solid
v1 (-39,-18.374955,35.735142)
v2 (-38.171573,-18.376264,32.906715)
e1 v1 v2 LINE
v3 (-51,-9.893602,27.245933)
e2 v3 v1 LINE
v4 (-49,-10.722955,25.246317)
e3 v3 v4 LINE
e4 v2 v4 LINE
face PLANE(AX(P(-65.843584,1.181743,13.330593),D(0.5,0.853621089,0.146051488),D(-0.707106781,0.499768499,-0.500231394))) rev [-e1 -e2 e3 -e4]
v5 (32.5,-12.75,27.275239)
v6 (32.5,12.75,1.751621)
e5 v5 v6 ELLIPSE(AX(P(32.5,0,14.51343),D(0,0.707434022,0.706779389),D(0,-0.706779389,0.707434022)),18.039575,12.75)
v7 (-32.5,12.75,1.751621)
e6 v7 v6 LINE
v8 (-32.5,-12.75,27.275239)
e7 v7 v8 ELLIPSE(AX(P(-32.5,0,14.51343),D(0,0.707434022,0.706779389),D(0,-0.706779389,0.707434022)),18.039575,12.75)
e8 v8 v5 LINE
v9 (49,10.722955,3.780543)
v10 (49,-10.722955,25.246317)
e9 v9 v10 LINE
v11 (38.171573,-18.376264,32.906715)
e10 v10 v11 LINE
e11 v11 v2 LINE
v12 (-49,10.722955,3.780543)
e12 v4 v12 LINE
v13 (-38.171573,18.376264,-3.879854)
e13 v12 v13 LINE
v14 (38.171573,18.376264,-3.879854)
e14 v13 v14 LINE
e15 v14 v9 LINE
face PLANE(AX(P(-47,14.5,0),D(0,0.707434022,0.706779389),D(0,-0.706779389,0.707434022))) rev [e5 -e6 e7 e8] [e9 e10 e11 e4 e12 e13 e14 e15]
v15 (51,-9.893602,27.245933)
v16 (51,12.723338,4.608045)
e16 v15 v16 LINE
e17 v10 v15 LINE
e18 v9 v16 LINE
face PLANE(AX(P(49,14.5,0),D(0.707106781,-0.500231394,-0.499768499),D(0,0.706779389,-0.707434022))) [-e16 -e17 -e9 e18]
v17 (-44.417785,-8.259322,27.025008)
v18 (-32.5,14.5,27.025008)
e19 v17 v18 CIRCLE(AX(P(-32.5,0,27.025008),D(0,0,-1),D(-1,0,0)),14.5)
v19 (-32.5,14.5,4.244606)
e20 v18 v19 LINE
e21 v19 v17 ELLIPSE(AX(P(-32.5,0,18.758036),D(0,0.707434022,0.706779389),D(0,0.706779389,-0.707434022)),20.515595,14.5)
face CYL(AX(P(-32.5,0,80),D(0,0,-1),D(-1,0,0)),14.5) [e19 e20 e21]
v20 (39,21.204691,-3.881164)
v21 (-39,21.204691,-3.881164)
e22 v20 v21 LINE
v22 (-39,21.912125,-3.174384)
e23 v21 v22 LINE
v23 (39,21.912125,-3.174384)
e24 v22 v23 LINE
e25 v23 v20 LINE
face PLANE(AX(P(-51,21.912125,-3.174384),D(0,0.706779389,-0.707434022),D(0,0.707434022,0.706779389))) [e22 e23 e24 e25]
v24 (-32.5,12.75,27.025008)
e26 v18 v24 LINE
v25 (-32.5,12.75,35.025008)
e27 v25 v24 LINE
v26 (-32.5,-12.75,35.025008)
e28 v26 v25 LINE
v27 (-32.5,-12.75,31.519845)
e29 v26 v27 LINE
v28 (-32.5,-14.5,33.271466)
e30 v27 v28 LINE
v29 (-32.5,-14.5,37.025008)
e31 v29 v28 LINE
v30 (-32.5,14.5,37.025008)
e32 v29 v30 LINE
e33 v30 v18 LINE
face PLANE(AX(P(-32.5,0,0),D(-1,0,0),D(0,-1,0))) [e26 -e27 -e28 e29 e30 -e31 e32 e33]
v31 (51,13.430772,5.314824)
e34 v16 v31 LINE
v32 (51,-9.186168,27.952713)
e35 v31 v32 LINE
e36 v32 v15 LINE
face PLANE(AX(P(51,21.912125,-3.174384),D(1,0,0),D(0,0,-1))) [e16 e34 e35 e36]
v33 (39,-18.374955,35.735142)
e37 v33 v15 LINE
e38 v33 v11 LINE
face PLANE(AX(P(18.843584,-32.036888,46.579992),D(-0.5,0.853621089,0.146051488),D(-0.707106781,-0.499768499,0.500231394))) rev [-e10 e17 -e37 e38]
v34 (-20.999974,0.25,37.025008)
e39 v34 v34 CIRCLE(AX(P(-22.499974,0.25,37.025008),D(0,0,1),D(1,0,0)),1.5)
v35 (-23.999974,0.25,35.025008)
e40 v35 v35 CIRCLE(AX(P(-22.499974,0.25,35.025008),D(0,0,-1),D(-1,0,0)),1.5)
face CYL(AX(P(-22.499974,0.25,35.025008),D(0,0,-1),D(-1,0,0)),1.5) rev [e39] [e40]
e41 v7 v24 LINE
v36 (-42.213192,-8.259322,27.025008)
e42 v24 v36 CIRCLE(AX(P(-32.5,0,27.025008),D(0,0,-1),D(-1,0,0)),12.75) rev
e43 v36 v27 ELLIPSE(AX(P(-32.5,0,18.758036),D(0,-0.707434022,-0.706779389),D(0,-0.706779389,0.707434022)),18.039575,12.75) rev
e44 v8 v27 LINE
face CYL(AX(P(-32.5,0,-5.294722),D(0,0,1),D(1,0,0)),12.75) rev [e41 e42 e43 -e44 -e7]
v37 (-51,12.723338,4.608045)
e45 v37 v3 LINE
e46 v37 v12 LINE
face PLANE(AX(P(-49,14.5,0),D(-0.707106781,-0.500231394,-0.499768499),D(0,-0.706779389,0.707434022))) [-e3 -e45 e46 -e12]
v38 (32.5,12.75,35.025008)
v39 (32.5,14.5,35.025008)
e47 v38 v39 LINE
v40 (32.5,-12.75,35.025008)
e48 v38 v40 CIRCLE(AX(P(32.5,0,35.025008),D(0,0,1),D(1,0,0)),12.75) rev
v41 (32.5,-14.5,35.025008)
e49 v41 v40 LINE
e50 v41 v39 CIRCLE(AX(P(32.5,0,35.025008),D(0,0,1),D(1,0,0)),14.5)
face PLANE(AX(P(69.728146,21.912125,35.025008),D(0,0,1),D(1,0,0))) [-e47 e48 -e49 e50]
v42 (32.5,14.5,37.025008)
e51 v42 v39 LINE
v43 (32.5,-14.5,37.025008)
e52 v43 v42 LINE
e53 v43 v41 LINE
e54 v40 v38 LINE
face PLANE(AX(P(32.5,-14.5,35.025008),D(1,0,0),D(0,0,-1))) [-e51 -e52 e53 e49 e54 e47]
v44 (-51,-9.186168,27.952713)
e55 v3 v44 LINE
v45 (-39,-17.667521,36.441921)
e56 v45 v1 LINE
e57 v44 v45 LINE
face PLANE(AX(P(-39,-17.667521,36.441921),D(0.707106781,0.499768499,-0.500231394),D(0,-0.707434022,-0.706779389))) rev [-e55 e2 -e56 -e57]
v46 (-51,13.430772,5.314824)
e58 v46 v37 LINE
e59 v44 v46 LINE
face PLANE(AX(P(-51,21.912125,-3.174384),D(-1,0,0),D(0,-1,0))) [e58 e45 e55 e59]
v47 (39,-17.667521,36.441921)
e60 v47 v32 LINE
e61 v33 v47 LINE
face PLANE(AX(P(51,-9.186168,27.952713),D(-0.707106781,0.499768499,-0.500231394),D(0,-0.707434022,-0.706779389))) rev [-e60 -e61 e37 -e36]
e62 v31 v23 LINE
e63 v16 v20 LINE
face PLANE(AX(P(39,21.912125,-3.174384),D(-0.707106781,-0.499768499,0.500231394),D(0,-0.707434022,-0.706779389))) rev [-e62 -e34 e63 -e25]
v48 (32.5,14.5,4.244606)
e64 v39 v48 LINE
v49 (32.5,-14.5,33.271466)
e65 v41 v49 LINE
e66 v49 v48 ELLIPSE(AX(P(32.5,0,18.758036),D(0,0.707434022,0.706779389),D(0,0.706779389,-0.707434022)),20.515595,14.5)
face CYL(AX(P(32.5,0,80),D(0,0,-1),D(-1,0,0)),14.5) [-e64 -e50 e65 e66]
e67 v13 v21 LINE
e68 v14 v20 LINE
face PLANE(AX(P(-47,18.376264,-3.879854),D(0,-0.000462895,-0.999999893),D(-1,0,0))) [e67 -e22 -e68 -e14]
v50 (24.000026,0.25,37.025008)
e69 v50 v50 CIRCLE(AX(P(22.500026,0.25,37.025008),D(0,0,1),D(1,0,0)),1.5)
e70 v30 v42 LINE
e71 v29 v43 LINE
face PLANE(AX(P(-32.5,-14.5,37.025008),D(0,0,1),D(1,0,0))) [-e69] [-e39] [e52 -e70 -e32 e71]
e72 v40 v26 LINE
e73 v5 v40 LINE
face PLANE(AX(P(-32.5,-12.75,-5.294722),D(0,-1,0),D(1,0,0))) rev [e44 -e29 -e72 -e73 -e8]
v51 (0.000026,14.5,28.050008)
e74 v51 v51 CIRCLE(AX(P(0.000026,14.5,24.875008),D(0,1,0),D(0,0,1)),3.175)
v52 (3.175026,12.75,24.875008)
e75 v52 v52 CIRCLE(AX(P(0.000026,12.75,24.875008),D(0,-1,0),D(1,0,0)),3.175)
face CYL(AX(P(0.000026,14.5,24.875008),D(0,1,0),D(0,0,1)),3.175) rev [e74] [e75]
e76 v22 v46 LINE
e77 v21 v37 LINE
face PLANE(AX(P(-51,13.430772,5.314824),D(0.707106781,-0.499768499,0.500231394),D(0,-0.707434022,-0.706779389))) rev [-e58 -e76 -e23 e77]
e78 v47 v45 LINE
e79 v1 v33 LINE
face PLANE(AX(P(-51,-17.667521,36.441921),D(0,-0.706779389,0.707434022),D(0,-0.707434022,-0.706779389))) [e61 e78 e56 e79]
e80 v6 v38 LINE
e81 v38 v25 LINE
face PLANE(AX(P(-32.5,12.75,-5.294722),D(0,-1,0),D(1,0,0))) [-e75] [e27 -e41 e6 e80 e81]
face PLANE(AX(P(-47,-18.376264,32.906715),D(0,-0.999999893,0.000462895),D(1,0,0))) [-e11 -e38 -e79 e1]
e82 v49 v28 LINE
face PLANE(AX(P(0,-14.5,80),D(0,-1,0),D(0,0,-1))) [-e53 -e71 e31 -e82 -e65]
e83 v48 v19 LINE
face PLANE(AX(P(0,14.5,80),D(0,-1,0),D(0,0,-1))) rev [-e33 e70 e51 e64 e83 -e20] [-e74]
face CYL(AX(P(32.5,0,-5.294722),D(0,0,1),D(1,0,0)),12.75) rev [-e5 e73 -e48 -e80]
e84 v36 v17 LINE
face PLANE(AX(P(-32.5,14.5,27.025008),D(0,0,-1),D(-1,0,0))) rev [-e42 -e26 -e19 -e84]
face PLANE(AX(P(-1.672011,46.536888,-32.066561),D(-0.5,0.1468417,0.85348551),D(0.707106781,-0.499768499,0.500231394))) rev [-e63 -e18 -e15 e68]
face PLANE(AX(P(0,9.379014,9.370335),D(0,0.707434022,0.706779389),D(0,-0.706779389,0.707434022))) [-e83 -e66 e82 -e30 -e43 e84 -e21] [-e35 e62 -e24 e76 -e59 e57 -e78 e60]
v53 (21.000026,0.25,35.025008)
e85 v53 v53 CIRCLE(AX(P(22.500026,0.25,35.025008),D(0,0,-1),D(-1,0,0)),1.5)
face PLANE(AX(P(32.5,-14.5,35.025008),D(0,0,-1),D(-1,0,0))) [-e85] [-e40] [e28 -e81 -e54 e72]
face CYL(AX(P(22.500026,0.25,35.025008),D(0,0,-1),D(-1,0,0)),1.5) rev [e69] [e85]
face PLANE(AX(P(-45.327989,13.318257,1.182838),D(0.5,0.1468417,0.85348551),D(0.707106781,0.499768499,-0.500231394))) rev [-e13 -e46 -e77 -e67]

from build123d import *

# Parameters (mm, degrees)
BOSS_EXTRUDE12_DEPTH            = 80
CUT_EXTRUDE10_DEPTH             = 80.5
CUT_EXTRUDE10_DEPTH_BACK        = 15.5
SKETCH37_W                      = 102
SKETCH37_H                      = 56
BOSS_EXTRUDE16_DEPTH            = 3
CUT_EXTRUDE11_DEPTH             = 86.294722428
SKETCH40_W                      = 127.486838651
SKETCH40_H                      = 54.833163407
CUT_EXTRUDE12_DEPTH             = 35.662124955
CUT_EXTRUDE12_DEPTH_BACK        = 1.75
CUT_EXTRUDE14_DEPTH             = 18.5
F_1_4_0_25_DIAMETER_HOLE1_D     = 6.35
F_1_4_0_25_DIAMETER_HOLE1_DEPTH = 5
F_1_4_0_25_DIAMETER_HOLE1_TIP   = 1.907732465
CHAMFER2_SIZE                   = 12
CHAMFER3_SIZE                   = 2
BOSS_EXTRUDE17_START            = -29
SKETCH50_W                      = 65
SKETCH50_H                      = 2
BOSS_EXTRUDE17_DEPTH            = 29
F_3_0MM_DOWEL_HOLE1_D           = 3
F_3_0MM_DOWEL_HOLE1_DEPTH       = 2


with BuildPart() as part:
    # Sketch22 → Boss-Extrude12 (new body)
    with BuildSketch(Plane.XY):
        with BuildLine():
            Line((32.5, -14.5), (-32.5, -14.5))
            ThreePointArc((-32.5, -14.5), (-47, 0), (-32.5, 14.5))
            Line((-32.5, 14.5), (32.5, 14.5))
            ThreePointArc((32.5, 14.5), (47, 0), (32.5, -14.5))
        make_face()
    extrude(amount=BOSS_EXTRUDE12_DEPTH)

    # Sketch35 → Cut-Extrude10 (cut, two sides)
    with BuildSketch(Plane(origin=(-32.5, 0, 0), x_dir=(0, 0, -1), z_dir=(1, 0, 0))) as cut_extrude10_sk:
        Polygon((0, 14.5), (-29.026860374, -14.5), (0, -14.5), align=None)
    extrude(amount=CUT_EXTRUDE10_DEPTH, mode=Mode.SUBTRACT)
    extrude(cut_extrude10_sk.sketch, amount=-CUT_EXTRUDE10_DEPTH_BACK, mode=Mode.SUBTRACT)

    # Sketch37 → Boss-Extrude16 (add)
    with BuildSketch(Plane(origin=(0, 7.256711984, 7.249996893), x_dir=(-1, 0, 0), z_dir=(0, -0.707434022, -0.706779389))):
        with Locations((0, -10.26729429)):
            Rectangle(SKETCH37_W, SKETCH37_H)
    extrude(amount=-BOSS_EXTRUDE16_DEPTH)

    # Sketch38 → Cut-Extrude11 (cut, through all)
    with BuildSketch(Plane.XY.offset(80)):
        with BuildLine():
            Line((-32.5, 12.75), (32.5, 12.75))
            ThreePointArc((32.5, 12.75), (45.25, 0), (32.5, -12.75))
            Line((32.5, -12.75), (-32.5, -12.75))
            ThreePointArc((-32.5, -12.75), (-45.25, 0), (-32.5, 12.75))
        make_face()
    extrude(amount=-CUT_EXTRUDE11_DEPTH, mode=Mode.SUBTRACT)

    # Sketch40 → Cut-Extrude12 (cut, two sides)
    with BuildSketch(Plane(origin=(0, -12.75, 0), x_dir=(1, 0, 0), z_dir=(0, 1, 0))) as cut_extrude12_sk:
        with Locations((5.984726224, -62.441589639)):
            Rectangle(SKETCH40_W, SKETCH40_H)
    extrude(amount=CUT_EXTRUDE12_DEPTH, mode=Mode.SUBTRACT)
    extrude(cut_extrude12_sk.sketch, amount=-CUT_EXTRUDE12_DEPTH_BACK, mode=Mode.SUBTRACT)

    # Sketch42 → Cut-Extrude14 (cut)
    with BuildSketch(Plane.ZY.offset(51)):
        Polygon((35.025007935, 14.5), (27.025007935, 14.5), (27.025007935, -8.259321849), (33.271466325, -14.5), (35.025007935, -14.5), align=None)
    extrude(amount=-CUT_EXTRUDE14_DEPTH, mode=Mode.SUBTRACT)

    # 1/4 (0.25) Diameter Hole1
    with Locations(Plane(origin=(0, 14.5, 0), x_dir=(1, 0, 0), z_dir=(0, 1, 0))):
        with Locations((2.6293e-05, -24.875007935)):
            Hole(F_1_4_0_25_DIAMETER_HOLE1_D / 2, depth=F_1_4_0_25_DIAMETER_HOLE1_DEPTH)
            with Locations((0, 0, -(F_1_4_0_25_DIAMETER_HOLE1_DEPTH + F_1_4_0_25_DIAMETER_HOLE1_TIP / 2))):  # 118° drill point
                Cone(0, F_1_4_0_25_DIAMETER_HOLE1_D / 2, F_1_4_0_25_DIAMETER_HOLE1_TIP, mode=Mode.SUBTRACT)

    # Chamfer2
    chamfer2_edges = [part.edges().sort_by_distance(p)[0] for p in [
        (51, -18.728671856, 35.381751886),
        (51, 20.850973922, -4.234553344),
        (-51, 20.850973922, -4.234553344),
        (-51, -18.728671856, 35.381751886),
    ]]
    chamfer(chamfer2_edges, length=CHAMFER2_SIZE)

    # Chamfer3
    chamfer3_edges = [part.edges().sort_by_distance(p)[0] for p in [
        (-51, 0, 14.513430187),
        (51, 0, 14.513430187),
        (0, -19.789822889, 34.321582802),
        (0, 19.789822889, -5.294722428),
        (-45, -15.549146556, 30.07697867),
        (45, -15.549146556, 30.07697867),
        (45, 15.549146556, -1.050118296),
        (-45, 15.549146556, -1.050118296),
    ]]
    chamfer(chamfer3_edges, length=CHAMFER3_SIZE)

    # Sketch50 → Boss-Extrude17 (add)
    with BuildSketch(Plane(origin=(0, 14.5, 0), x_dir=(1, 0, 0), z_dir=(0, 1, 0)).offset(BOSS_EXTRUDE17_START)):
        with Locations((0, -36.025007935)):
            Rectangle(SKETCH50_W, SKETCH50_H)
    extrude(amount=BOSS_EXTRUDE17_DEPTH)

    # Ø3.0mm Dowel Hole1
    with Locations(Plane(origin=(0, 0, 35.025007935), x_dir=(-1, 0, 0), z_dir=(0, 0, -1))):
        with Locations((-22.500026293, 0.25), (22.499973707, 0.25)):
            Hole(F_3_0MM_DOWEL_HOLE1_D / 2, depth=F_3_0MM_DOWEL_HOLE1_DEPTH)


solid = part.part
